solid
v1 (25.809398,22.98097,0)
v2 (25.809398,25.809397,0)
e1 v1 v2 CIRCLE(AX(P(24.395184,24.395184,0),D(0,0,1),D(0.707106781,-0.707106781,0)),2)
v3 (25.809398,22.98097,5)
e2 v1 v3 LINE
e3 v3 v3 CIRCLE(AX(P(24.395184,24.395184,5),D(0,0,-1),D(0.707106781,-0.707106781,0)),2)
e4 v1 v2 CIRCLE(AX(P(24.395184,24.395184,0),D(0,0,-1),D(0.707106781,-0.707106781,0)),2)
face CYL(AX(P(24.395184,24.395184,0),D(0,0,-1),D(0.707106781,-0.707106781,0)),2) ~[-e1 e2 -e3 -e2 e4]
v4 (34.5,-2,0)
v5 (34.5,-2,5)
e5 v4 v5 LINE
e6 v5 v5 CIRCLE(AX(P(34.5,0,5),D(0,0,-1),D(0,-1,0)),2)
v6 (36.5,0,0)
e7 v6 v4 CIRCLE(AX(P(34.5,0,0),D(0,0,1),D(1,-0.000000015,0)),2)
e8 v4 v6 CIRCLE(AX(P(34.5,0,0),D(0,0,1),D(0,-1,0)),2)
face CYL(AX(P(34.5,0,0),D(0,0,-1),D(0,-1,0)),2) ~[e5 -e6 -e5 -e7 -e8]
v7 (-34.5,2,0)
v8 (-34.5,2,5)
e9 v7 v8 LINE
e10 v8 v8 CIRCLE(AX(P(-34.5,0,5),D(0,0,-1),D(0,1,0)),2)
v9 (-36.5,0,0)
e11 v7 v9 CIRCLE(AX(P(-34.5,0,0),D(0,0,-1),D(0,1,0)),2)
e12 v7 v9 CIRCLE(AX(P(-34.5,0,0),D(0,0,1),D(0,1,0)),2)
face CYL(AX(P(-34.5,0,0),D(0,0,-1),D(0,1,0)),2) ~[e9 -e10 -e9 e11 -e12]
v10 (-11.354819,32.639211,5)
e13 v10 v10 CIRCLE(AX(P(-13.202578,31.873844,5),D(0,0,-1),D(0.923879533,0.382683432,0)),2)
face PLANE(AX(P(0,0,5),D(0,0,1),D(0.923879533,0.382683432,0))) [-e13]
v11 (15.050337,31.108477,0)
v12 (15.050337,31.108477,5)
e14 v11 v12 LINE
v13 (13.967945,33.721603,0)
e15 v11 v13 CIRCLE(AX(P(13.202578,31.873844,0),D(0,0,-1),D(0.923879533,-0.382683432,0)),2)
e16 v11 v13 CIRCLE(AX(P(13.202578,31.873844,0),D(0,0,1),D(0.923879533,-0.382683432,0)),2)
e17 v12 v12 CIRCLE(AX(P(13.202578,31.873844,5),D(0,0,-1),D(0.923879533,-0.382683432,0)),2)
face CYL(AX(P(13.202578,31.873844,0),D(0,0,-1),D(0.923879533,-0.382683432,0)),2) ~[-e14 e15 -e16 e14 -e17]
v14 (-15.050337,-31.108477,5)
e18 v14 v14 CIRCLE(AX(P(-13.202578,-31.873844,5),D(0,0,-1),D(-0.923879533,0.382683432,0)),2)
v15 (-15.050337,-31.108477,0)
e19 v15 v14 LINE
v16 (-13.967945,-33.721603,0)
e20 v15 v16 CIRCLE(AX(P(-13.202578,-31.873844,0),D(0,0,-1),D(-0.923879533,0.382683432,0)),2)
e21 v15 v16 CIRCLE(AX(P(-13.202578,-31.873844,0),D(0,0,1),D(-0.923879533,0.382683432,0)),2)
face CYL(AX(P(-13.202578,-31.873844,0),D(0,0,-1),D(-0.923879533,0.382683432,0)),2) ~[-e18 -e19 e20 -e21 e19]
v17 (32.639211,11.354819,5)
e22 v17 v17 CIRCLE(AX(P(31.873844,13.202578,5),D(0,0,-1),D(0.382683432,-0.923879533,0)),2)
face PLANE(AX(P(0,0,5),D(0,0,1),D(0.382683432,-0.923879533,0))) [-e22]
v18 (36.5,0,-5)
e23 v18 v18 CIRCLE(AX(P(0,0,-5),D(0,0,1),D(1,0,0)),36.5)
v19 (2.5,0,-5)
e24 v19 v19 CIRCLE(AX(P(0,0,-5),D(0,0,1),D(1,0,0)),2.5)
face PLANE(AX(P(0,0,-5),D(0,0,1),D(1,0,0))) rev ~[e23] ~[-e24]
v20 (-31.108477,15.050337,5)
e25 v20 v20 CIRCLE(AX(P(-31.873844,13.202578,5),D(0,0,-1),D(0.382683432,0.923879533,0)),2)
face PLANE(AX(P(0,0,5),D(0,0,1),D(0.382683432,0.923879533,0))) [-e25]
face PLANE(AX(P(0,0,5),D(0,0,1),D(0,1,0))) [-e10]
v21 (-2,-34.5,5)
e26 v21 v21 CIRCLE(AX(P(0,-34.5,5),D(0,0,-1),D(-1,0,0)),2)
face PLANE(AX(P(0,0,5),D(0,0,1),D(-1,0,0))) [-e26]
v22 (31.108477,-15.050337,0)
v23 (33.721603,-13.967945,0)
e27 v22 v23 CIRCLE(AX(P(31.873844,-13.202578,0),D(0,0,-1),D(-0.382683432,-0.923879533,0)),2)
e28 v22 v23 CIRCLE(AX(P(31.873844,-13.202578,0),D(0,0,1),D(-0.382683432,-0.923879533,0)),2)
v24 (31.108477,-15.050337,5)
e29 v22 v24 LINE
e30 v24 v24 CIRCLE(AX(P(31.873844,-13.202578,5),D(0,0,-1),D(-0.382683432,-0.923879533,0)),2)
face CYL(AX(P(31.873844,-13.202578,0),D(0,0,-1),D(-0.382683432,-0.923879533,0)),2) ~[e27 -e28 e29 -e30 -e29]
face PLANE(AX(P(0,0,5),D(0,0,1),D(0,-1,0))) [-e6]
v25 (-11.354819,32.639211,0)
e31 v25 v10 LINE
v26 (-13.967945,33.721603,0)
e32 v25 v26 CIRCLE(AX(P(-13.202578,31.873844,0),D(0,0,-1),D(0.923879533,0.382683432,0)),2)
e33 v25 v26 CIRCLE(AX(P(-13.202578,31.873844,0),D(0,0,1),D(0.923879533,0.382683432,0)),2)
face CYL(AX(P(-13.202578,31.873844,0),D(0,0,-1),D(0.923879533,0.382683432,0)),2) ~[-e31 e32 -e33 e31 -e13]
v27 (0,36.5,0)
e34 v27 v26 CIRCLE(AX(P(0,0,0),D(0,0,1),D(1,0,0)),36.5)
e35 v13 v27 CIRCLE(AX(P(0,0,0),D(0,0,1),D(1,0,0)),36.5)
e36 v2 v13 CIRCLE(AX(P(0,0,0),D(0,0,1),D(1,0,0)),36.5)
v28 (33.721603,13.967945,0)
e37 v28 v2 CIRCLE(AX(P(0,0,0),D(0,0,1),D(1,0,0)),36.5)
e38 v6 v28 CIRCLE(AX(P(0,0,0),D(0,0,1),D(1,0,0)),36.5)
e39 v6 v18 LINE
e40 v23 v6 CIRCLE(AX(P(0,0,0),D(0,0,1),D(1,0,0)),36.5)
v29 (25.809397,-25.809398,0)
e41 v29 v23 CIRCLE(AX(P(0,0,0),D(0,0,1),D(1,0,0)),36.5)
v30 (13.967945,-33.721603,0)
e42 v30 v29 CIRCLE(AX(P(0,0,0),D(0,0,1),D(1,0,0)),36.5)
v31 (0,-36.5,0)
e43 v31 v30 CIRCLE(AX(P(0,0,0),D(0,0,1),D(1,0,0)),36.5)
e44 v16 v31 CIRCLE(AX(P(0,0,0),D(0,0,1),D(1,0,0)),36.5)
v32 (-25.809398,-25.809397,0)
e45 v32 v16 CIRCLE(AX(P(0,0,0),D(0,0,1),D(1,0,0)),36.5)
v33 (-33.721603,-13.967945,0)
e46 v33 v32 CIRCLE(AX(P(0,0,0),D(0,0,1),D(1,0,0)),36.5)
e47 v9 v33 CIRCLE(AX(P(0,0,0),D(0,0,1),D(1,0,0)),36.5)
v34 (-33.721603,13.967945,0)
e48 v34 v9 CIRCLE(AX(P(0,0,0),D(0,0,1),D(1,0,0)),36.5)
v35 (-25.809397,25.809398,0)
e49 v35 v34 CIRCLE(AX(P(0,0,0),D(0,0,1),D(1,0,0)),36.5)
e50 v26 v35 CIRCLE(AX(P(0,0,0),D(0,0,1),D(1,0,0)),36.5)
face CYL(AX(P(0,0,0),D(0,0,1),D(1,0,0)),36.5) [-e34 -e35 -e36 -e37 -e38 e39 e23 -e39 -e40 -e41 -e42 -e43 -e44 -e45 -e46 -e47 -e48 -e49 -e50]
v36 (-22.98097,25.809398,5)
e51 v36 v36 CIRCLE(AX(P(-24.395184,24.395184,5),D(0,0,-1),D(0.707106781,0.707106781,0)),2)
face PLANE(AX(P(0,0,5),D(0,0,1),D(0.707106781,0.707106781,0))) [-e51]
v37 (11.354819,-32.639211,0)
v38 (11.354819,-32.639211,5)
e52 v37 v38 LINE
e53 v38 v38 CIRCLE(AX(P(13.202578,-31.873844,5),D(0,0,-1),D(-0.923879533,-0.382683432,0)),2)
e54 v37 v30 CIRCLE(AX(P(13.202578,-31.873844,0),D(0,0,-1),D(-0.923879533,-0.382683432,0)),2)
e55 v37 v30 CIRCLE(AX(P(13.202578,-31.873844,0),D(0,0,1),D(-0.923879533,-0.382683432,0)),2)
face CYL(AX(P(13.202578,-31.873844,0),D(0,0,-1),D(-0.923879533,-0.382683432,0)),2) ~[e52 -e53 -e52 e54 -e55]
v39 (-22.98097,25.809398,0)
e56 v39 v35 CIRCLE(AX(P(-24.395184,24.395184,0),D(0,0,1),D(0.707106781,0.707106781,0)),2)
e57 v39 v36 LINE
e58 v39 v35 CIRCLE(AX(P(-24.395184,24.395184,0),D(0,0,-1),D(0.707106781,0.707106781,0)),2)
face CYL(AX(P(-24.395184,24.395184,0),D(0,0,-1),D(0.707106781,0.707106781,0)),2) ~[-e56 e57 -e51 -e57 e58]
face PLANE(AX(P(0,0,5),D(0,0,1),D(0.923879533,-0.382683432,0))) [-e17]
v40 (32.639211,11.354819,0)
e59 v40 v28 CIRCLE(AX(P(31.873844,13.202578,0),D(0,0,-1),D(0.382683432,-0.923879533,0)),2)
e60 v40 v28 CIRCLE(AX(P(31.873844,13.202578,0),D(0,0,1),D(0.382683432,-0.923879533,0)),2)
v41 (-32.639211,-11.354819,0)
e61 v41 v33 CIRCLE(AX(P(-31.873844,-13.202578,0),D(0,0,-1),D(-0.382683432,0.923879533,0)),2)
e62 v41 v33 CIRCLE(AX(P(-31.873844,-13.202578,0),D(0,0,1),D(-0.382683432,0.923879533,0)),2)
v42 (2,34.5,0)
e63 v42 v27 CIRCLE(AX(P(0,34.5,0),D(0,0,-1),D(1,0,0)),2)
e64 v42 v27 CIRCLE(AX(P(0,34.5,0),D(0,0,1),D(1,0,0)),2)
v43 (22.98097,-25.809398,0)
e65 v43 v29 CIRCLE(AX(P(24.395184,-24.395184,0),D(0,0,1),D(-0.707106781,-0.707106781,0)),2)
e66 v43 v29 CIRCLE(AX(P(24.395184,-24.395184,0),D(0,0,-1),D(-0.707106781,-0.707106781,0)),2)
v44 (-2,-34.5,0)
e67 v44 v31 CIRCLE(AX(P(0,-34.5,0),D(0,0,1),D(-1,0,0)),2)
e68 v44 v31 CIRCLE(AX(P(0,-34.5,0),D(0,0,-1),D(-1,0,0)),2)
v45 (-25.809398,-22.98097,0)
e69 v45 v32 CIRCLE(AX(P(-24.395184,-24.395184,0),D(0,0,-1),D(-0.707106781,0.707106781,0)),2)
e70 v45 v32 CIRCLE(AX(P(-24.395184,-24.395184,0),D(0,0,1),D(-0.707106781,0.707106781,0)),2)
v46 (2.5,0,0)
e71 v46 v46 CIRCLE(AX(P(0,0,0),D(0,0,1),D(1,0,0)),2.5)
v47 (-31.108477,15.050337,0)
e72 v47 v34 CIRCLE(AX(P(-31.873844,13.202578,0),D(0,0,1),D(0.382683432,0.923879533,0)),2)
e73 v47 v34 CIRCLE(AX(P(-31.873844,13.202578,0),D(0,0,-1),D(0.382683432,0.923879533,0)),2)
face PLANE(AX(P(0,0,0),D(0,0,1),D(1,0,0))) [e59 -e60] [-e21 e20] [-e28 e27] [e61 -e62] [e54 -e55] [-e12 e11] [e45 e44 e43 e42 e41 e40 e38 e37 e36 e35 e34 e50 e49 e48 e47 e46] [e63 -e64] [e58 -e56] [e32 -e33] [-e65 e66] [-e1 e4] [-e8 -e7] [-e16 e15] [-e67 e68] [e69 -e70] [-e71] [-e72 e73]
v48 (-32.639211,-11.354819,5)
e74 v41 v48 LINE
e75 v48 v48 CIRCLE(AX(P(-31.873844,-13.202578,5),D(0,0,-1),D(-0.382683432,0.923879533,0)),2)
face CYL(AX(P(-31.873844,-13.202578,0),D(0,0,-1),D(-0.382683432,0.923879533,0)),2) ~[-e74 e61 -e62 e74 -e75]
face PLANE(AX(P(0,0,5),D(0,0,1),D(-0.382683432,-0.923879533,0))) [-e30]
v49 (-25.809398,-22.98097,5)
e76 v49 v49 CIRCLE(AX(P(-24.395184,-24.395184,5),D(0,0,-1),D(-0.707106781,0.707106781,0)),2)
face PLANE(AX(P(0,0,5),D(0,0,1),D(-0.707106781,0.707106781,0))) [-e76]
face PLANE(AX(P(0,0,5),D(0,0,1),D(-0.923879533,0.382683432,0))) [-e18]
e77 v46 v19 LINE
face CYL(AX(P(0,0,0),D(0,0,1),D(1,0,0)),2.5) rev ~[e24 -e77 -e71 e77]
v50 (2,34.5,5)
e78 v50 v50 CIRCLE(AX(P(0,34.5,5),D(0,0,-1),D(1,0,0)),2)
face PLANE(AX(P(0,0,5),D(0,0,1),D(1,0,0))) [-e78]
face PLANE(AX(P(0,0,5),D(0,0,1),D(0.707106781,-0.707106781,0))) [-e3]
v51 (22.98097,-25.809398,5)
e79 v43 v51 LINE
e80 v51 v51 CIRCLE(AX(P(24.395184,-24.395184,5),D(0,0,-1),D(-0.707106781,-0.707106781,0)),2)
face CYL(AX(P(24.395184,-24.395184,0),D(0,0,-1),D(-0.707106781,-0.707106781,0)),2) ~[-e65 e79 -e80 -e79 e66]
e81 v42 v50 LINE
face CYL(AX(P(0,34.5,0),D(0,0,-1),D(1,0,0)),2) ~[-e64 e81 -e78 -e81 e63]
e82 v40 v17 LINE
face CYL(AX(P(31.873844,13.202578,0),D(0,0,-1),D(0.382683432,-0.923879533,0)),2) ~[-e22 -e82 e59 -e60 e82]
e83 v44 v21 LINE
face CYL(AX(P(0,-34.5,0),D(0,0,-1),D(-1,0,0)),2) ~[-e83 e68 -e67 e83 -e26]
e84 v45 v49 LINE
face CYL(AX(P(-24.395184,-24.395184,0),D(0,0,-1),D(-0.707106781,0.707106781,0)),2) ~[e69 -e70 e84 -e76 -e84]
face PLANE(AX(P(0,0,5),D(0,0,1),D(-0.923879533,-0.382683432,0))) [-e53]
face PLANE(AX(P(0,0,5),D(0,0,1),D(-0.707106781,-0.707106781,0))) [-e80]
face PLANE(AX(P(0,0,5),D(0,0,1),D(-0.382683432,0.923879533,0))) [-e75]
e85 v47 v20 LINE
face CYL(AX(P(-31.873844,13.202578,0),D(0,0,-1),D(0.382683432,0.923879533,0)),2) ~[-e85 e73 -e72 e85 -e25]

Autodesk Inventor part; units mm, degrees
ref_plane "YZ Plane" through (0, 0, 0) normal (1, 0, 0) x (0, 1, 0)
ref_plane "XZ Plane" through (0, 0, 0) normal (0, 1, 0) x (-1, 0, 0)
ref_plane "XY Plane" through (0, 0, 0) normal (0, 0, 1) x (1, 0, 0)
sketch "스케치1" plane through (0, 0, 0) normal (0, 0, 1) x (1, 0, 0)
  circle A0 centre (0, 0) radius 32.5
  circle A1 centre (0, 34.5) radius 2
  circle A2 centre (0, 0) radius 36.5
  dimension "d0" = 65
  dimension "d1" = 4
  dimension "d2" = 73
extrude "돌출1" add sketch "스케치1" against normal blind 5 contours A0 | A2 | A1
extrude "돌출2" add sketch "스케치1" along normal blind 5 contours A1
pattern_circular "원형 패턴1" count 16 over 360 about axis through (0, 0, 0) along (0, 0, -1) of "돌출2"
sketch "스케치2" plane through (0, 0, 0) normal (0, 0, 1) x (1, 0, 0)
  circle A0 centre (0, 0) radius 2.5
  dimension "d10" = 5
extrude "돌출3" cut sketch "스케치2" against normal blind 5
properties part number "사이클로이드 기어 002"
